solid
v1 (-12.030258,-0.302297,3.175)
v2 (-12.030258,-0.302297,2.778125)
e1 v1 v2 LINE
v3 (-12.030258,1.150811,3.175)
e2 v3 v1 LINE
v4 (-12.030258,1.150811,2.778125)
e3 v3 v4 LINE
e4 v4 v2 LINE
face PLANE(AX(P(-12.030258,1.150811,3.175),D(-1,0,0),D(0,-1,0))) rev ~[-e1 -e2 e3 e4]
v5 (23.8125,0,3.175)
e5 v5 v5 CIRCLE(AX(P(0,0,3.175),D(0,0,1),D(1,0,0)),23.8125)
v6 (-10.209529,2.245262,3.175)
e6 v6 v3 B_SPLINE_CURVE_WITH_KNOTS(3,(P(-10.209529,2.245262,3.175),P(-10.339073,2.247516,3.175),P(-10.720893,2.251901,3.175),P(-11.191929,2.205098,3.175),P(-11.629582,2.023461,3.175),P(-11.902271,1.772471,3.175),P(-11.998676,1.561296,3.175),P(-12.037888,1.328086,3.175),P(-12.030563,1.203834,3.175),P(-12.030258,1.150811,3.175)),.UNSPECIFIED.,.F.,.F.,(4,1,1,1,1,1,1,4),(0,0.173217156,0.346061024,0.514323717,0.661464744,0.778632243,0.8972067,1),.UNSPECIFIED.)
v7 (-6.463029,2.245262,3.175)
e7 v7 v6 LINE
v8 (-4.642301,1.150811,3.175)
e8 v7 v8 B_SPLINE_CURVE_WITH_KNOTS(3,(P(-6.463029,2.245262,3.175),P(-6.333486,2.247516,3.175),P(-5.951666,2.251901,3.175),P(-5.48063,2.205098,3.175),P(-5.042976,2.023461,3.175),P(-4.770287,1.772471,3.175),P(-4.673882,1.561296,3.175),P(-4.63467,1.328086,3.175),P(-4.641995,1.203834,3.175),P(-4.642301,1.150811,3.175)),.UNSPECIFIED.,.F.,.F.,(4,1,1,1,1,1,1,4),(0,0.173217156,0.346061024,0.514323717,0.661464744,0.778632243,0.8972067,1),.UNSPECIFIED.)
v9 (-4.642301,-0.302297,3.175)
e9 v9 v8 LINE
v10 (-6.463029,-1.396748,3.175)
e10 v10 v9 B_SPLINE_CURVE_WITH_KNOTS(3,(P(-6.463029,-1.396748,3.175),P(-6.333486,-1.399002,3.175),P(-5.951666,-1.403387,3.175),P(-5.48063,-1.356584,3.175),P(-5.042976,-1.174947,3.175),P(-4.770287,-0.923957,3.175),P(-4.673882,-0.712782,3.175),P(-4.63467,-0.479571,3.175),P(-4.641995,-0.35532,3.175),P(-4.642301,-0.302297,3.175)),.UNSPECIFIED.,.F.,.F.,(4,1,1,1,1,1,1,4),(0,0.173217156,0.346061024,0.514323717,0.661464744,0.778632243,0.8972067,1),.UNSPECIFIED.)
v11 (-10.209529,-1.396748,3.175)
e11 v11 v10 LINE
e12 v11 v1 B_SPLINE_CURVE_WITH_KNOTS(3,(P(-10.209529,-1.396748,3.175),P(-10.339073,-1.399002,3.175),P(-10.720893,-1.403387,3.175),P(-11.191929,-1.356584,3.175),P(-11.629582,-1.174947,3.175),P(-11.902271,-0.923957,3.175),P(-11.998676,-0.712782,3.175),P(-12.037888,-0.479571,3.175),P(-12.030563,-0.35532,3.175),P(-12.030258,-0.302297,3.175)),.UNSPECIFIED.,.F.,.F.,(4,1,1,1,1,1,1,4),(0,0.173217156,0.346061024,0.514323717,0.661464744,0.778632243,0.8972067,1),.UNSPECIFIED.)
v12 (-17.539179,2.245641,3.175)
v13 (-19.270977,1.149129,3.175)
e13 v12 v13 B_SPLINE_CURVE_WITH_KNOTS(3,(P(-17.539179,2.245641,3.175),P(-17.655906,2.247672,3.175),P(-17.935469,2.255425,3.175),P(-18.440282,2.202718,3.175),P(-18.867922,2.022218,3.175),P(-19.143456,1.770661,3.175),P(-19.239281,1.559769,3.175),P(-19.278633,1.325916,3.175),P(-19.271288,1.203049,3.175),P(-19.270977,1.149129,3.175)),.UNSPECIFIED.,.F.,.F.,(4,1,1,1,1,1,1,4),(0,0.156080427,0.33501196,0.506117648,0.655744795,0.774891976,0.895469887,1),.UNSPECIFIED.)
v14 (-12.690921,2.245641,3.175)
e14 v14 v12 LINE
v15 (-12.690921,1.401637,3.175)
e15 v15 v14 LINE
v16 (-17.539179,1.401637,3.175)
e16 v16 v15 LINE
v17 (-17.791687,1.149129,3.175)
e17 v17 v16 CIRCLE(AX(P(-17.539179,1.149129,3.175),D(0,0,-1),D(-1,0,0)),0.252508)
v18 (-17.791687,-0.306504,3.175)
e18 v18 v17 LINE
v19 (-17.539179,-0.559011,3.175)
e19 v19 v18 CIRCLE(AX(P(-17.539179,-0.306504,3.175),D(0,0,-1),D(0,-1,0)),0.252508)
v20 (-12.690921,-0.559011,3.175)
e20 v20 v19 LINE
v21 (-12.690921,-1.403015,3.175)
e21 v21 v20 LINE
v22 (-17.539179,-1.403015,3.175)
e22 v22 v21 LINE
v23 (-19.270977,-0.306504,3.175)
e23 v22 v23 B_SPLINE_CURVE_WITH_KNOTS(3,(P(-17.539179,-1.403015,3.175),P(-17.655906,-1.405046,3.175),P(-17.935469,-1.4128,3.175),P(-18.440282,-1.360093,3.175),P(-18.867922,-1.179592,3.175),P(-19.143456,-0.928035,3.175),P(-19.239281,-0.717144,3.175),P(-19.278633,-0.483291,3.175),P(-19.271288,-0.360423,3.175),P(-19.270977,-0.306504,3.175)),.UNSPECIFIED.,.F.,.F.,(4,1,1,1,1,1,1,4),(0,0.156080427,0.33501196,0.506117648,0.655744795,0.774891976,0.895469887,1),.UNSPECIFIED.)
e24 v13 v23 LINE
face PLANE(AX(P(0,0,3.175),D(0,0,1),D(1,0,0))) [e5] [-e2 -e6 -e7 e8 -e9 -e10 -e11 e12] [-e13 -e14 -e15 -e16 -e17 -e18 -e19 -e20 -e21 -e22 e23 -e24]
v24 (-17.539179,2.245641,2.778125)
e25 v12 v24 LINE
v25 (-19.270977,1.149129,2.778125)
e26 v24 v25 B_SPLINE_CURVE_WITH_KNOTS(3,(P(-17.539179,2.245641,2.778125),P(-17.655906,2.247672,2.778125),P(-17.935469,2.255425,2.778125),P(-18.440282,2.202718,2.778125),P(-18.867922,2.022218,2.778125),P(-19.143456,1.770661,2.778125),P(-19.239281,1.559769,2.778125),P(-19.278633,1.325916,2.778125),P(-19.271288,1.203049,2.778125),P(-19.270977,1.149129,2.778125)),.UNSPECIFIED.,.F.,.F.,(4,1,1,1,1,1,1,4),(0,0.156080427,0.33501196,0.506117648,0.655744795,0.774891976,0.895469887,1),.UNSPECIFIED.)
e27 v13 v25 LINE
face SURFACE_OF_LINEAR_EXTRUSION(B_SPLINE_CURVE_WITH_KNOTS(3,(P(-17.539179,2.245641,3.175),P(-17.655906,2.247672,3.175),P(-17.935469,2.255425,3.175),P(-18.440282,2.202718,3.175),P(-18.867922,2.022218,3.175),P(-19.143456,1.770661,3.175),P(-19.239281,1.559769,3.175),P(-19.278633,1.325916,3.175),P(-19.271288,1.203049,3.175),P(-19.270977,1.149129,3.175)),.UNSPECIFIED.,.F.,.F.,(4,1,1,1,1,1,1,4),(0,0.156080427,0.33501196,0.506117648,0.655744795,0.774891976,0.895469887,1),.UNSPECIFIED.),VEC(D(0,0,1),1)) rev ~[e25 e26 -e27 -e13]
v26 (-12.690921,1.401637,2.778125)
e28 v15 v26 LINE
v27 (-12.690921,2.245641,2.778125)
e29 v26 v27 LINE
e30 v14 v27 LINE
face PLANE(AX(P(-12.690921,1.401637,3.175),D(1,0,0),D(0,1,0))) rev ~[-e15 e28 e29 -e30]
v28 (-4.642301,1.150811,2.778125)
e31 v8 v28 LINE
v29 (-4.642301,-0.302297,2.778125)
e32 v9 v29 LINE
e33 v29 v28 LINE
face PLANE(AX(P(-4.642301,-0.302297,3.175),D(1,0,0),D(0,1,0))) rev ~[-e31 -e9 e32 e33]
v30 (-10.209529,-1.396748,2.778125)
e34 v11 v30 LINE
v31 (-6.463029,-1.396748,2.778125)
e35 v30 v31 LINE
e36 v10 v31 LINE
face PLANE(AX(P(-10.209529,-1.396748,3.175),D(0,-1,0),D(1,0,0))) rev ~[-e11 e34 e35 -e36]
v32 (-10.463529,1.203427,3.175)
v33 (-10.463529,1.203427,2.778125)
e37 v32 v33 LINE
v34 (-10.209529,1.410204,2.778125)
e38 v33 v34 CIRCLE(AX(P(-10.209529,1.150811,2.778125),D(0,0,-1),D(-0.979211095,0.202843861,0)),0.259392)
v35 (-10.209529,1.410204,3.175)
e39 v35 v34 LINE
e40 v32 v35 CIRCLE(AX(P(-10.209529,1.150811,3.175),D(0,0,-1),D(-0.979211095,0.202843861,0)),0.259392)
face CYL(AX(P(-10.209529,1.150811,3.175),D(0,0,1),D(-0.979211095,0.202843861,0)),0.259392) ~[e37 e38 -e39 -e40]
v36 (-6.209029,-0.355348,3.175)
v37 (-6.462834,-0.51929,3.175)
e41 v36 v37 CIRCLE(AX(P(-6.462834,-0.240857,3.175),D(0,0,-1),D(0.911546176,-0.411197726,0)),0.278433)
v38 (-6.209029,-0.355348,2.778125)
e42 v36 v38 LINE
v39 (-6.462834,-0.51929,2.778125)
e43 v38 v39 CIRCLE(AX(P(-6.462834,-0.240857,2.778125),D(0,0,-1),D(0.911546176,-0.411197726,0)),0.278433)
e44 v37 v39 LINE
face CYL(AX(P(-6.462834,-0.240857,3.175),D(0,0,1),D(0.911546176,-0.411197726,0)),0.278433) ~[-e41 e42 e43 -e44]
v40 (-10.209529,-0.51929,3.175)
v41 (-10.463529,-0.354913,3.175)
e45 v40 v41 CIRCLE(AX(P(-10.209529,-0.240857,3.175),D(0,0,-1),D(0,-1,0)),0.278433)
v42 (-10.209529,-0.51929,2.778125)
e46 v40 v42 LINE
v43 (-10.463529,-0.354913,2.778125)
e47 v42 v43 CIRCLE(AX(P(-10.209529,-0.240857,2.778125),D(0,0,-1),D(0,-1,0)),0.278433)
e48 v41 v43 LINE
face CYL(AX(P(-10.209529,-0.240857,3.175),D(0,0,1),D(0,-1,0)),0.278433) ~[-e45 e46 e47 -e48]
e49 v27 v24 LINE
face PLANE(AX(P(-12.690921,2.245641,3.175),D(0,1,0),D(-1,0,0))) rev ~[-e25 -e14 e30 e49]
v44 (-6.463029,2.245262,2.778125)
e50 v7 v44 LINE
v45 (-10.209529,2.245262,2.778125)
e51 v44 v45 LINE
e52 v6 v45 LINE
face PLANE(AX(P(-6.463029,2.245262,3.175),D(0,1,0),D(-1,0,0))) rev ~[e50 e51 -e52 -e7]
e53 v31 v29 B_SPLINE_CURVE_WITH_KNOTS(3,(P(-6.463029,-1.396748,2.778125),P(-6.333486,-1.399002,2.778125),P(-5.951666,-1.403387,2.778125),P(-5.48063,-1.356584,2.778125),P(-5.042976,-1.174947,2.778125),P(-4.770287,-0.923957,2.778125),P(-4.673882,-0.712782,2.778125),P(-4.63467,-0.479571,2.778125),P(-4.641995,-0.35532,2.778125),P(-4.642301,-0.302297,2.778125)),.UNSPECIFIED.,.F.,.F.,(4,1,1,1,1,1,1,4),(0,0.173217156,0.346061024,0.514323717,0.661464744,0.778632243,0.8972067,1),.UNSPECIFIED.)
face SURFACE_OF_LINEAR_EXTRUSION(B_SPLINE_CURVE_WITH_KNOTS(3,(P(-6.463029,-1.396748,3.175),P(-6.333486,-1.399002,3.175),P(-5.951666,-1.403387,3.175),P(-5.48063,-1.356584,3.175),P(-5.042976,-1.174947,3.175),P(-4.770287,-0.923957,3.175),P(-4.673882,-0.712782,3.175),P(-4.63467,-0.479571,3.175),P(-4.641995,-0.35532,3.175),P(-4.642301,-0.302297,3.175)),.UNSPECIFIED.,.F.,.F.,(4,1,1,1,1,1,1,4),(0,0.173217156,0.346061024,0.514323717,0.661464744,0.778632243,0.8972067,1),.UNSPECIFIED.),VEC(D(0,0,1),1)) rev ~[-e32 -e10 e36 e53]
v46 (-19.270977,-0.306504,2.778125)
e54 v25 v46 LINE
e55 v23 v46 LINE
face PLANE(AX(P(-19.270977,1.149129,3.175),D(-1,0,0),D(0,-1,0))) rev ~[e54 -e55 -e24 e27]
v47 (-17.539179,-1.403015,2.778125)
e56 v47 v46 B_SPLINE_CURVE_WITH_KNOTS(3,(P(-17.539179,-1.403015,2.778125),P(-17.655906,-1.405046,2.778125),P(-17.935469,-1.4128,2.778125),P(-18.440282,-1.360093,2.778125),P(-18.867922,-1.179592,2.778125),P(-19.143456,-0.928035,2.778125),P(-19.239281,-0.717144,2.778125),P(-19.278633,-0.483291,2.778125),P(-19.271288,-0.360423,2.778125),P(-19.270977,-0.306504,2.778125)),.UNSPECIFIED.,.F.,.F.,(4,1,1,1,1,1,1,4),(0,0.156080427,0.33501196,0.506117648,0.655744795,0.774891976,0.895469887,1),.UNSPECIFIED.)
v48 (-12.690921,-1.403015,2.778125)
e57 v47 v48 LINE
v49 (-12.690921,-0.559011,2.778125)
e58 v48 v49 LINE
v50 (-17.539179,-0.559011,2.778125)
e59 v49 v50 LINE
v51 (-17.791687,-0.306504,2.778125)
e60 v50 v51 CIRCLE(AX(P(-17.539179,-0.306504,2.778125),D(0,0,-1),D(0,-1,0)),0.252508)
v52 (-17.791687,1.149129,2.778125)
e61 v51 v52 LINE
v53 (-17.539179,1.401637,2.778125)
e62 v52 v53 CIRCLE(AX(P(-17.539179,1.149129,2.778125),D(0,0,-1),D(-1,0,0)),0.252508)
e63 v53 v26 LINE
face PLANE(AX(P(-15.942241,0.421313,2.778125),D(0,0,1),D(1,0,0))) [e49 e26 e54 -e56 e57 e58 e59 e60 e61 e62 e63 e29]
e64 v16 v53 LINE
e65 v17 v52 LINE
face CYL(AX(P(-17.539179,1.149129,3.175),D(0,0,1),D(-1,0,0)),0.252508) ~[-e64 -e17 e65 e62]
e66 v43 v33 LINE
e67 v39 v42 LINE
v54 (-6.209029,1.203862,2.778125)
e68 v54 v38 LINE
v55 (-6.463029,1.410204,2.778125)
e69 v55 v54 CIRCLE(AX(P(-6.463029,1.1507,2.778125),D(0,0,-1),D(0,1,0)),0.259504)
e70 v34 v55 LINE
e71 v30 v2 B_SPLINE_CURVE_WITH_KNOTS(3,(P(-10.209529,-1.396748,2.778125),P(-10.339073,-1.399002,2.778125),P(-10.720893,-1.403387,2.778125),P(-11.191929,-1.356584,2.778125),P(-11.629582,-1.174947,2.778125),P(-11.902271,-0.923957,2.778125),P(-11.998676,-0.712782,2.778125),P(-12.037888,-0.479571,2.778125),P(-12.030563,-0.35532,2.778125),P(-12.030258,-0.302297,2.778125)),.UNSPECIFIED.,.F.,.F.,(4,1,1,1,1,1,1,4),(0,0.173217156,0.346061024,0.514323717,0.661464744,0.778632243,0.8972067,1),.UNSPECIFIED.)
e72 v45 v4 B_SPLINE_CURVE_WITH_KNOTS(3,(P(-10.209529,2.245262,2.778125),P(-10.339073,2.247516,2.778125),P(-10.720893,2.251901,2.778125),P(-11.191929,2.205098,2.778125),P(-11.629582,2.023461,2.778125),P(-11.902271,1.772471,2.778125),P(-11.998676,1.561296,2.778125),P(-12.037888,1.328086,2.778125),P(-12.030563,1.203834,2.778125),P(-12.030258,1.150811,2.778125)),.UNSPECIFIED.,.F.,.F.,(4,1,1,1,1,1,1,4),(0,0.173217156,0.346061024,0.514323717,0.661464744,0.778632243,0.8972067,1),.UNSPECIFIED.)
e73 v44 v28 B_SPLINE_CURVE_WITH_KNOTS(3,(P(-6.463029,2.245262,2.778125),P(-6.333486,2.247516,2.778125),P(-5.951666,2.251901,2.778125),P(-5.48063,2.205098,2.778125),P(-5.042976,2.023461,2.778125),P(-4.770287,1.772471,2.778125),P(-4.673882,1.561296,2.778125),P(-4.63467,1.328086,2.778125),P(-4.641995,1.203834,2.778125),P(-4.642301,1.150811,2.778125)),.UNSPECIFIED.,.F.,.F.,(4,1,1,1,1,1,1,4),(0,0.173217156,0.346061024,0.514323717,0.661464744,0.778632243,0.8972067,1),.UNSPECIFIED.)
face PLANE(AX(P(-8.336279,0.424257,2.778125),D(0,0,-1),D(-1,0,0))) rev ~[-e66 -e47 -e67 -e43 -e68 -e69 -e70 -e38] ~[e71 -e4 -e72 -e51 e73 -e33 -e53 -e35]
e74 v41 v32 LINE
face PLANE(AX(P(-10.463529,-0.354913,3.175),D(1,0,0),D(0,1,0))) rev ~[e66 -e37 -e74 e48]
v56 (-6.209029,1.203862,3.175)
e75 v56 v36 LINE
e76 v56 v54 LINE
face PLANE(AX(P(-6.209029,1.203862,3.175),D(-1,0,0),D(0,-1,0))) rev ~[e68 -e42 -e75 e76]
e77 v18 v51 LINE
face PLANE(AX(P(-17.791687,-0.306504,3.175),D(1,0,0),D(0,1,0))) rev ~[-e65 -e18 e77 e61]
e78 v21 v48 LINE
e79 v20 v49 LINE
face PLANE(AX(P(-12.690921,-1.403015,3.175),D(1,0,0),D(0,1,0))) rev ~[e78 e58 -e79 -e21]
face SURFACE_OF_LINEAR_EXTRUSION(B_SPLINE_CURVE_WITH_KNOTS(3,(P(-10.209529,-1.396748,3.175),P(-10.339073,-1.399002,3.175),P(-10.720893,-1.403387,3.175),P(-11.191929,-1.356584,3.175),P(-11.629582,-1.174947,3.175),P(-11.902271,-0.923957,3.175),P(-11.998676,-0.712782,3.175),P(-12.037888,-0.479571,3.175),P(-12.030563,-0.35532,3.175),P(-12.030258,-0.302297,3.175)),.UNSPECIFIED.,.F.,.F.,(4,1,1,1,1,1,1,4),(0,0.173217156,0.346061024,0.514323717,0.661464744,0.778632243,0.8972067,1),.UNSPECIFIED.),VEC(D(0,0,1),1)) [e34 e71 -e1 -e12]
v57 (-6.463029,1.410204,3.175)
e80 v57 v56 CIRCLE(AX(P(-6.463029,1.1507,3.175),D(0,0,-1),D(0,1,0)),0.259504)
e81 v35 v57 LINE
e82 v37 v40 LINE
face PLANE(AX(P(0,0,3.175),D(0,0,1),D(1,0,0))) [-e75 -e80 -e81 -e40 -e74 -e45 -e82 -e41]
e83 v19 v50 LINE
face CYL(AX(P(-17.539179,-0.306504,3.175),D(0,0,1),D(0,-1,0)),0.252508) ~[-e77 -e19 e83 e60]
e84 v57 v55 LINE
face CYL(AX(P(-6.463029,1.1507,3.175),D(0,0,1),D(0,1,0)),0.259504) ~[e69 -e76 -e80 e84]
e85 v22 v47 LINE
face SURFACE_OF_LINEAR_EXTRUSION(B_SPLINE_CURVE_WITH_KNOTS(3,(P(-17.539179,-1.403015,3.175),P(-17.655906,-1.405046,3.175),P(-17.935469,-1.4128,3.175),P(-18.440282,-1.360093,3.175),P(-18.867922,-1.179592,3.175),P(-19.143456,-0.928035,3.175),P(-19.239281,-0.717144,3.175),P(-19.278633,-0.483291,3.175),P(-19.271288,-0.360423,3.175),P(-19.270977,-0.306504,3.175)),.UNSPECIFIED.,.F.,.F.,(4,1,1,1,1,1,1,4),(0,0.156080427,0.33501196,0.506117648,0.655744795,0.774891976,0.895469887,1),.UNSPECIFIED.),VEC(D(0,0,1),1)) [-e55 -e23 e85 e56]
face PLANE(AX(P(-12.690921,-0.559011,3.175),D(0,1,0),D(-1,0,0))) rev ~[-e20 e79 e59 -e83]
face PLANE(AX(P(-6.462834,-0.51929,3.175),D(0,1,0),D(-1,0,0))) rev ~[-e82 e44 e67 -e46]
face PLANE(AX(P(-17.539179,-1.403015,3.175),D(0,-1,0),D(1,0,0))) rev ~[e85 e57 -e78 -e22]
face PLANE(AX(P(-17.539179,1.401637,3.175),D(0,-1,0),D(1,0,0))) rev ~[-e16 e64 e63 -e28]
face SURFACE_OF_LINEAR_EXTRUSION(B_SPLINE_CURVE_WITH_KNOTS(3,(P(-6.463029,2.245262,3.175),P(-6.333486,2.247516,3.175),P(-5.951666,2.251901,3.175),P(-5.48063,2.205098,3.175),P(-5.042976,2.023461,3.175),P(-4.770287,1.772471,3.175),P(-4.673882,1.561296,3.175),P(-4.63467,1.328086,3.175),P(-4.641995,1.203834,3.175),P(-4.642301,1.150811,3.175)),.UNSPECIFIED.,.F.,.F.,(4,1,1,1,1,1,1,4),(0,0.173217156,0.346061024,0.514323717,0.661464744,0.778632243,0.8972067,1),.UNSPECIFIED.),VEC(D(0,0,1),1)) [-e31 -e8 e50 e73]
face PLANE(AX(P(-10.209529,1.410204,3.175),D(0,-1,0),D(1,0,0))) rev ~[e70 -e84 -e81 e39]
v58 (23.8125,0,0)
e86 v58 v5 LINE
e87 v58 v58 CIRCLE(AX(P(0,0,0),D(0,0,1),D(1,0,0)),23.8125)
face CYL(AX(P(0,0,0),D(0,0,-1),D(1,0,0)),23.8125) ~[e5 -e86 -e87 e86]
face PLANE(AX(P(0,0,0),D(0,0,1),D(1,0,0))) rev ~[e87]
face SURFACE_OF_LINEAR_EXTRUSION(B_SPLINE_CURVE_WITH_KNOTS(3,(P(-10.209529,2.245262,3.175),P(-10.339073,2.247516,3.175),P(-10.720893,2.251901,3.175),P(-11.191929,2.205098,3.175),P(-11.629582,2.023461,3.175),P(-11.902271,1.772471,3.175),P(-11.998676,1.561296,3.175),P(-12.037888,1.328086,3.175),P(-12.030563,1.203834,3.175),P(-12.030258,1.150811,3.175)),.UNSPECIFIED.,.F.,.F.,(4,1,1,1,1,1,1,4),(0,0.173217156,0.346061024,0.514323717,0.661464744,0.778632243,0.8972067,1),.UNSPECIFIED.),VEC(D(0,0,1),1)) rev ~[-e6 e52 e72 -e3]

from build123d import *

# Parameters (mm, degrees)
F0_R     = 23.8125
F1_DEPTH = 3.175
F3_DEPTH = 0.396875
F5_DEPTH = 0.396875


with BuildPart() as f1:
    # F0 (on Top) → F1 (new body)
    with BuildSketch(Plane.XY):
        Circle(F0_R)
    extrude(amount=F1_DEPTH)

    # F2 (on face) → F3 (cut)
    with BuildSketch(Plane.XY.offset(3.175)):
        with BuildLine():
            Line((-12.6909213141, 1.4016369823), (-12.6909213141, 2.2456407605))
            Line((-12.6909213141, 2.2456407605), (-17.5391789526, 2.2456407605))
            add(Edge.make_bspline(
                [(-17.5391789526, 2.2456407605), (-17.6559062181, 2.2476718851), (-17.9354688339, 2.2554253264), (-18.4402822828, 2.2027182518), (-18.8679220579, 2.0222176003), (-19.1434560116, 1.7706610474), (-19.239281151, 1.5597691872), (-19.2786330359, 1.3259163628), (-19.2712876113, 1.2030485875), (-19.2709770054, 1.1491293553)],
                knots=[0, 0, 0, 0, 0.1560804266, 0.3350119598, 0.5061176479, 0.6557447948, 0.7748919756, 0.8954698873, 1, 1, 1, 1], degree=3))
            Line((-19.2709770054, 1.1491293553), (-19.2709770054, -0.3065037017))
            add(Edge.make_bspline(
                [(-17.5391789526, -1.4030151069), (-17.6559062181, -1.4050462315), (-17.9354688339, -1.4127996728), (-18.4402822828, -1.3600925982), (-18.8679220579, -1.1795919467), (-19.1434560116, -0.9280353938), (-19.239281151, -0.7171435336), (-19.2786330359, -0.4832907092), (-19.2712876113, -0.3604229339), (-19.2709770054, -0.3065037017)],
                knots=[0, 0, 0, 0, 0.1560804266, 0.3350119598, 0.5061176479, 0.6557447948, 0.7748919756, 0.8954698873, 1, 1, 1, 1], degree=3))
            Line((-17.5391789526, -1.4030151069), (-12.6909213141, -1.4030151069))
            Line((-12.6909213141, -1.4030151069), (-12.6909213141, -0.5590113287))
            Line((-12.6909213141, -0.5590113287), (-17.5391789526, -0.5590113287))
            ThreePointArc((-17.5391789526, -0.5590113287), (-17.7177288079, -0.4850535571), (-17.7916865796, -0.3065037017))
            Line((-17.7916865796, -0.3065037017), (-17.7916865796, 1.1491293553))
            ThreePointArc((-17.7916865796, 1.1491293553), (-17.7177288079, 1.3276792107), (-17.5391789526, 1.4016369823))
            Line((-17.5391789526, 1.4016369823), (-12.6909213141, 1.4016369823))
        make_face()
    extrude(amount=-F3_DEPTH, mode=Mode.SUBTRACT)

    # F4 (on face) → F5 (cut)
    with BuildSketch(Plane.XY.offset(3.175)):
        with BuildLine():
            add(Edge.make_bspline(
                [(-6.4630292664, 2.2452620324), (-6.333486021, 2.2475161627), (-5.9516659265, 2.2519011177), (-5.480629737, 2.2050980583), (-5.0429762822, 2.0234611453), (-4.7702874415, 1.7724714993), (-4.673882058, 1.5612964459), (-4.6346702869, 1.3280855562), (-4.6419952443, 1.2038344916), (-4.6423006894, 1.1508111508)],
                knots=[0, 0, 0, 0, 0.1732171564, 0.3460610241, 0.5143237171, 0.6614647441, 0.7786322429, 0.8972067004, 1, 1, 1, 1], degree=3))
            Line((-6.4630292664, 2.2452620324), (-10.2095292664, 2.2452620324))
            add(Edge.make_bspline(
                [(-10.2095292664, 2.2452620324), (-10.3390725118, 2.2475161627), (-10.7208926063, 2.2519011177), (-11.1919287958, 2.2050980583), (-11.6295822506, 2.0234611453), (-11.9022710913, 1.7724714993), (-11.9986764749, 1.5612964459), (-12.0378882459, 1.3280855562), (-12.0305632885, 1.2038344916), (-12.0302578434, 1.1508111508)],
                knots=[0, 0, 0, 0, 0.1732171564, 0.3460610241, 0.5143237171, 0.6614647441, 0.7786322429, 0.8972067004, 1, 1, 1, 1], degree=3))
            Line((-12.0302578434, 1.1508111508), (-12.0302578434, -0.3022970803))
            add(Edge.make_bspline(
                [(-10.2095292664, -1.3967479619), (-10.3390725118, -1.3990020922), (-10.7208926063, -1.4033870472), (-11.1919287958, -1.3565839878), (-11.6295822506, -1.1749470748), (-11.9022710913, -0.9239574288), (-11.9986764749, -0.7127823754), (-12.0378882459, -0.4795714857), (-12.0305632885, -0.3553204211), (-12.0302578434, -0.3022970803)],
                knots=[0, 0, 0, 0, 0.1732171564, 0.3460610241, 0.5143237171, 0.6614647441, 0.7786322429, 0.8972067004, 1, 1, 1, 1], degree=3))
            Line((-10.2095292664, -1.3967479619), (-6.4630292664, -1.3967479619))
            add(Edge.make_bspline(
                [(-6.4630292664, -1.3967479619), (-6.333486021, -1.3990020922), (-5.9516659265, -1.4033870472), (-5.480629737, -1.3565839878), (-5.0429762822, -1.1749470748), (-4.7702874415, -0.9239574288), (-4.673882058, -0.7127823754), (-4.6346702869, -0.4795714857), (-4.6419952443, -0.3553204211), (-4.6423006894, -0.3022970803)],
                knots=[0, 0, 0, 0, 0.1732171564, 0.3460610241, 0.5143237171, 0.6614647441, 0.7786322429, 0.8972067004, 1, 1, 1, 1], degree=3))
            Line((-4.6423006894, -0.3022970803), (-4.6423006894, 1.1508111508))
        make_face()
        with BuildLine():
            ThreePointArc((-10.4635292664, 1.2034273241), (-10.3732916273, 1.3519736494), (-10.2095292664, 1.4102036366))
            Line((-10.2095292664, 1.4102036366), (-6.4630292664, 1.4102036366))
            ThreePointArc((-6.4630292664, 1.4102036366), (-6.2994040409, 1.3521173307), (-6.2090292664, 1.2038620324))
            Line((-6.2090292664, 1.2038620324), (-6.2090292664, -0.3553479619))
            ThreePointArc((-6.2090292664, -0.3553479619), (-6.3117594773, -0.47474039), (-6.4628336175, -0.519289826))
            Line((-6.4628336175, -0.519289826), (-10.2095292664, -0.519289826))
            ThreePointArc((-10.2095292664, -0.519289826), (-10.3608035682, -0.4746109766), (-10.4635292664, -0.3549132536))
            Line((-10.4635292664, -0.3549132536), (-10.4635292664, 1.2034273241))
        make_face(mode=Mode.SUBTRACT)
    extrude(amount=-F5_DEPTH, mode=Mode.SUBTRACT)


solid = f1.part
